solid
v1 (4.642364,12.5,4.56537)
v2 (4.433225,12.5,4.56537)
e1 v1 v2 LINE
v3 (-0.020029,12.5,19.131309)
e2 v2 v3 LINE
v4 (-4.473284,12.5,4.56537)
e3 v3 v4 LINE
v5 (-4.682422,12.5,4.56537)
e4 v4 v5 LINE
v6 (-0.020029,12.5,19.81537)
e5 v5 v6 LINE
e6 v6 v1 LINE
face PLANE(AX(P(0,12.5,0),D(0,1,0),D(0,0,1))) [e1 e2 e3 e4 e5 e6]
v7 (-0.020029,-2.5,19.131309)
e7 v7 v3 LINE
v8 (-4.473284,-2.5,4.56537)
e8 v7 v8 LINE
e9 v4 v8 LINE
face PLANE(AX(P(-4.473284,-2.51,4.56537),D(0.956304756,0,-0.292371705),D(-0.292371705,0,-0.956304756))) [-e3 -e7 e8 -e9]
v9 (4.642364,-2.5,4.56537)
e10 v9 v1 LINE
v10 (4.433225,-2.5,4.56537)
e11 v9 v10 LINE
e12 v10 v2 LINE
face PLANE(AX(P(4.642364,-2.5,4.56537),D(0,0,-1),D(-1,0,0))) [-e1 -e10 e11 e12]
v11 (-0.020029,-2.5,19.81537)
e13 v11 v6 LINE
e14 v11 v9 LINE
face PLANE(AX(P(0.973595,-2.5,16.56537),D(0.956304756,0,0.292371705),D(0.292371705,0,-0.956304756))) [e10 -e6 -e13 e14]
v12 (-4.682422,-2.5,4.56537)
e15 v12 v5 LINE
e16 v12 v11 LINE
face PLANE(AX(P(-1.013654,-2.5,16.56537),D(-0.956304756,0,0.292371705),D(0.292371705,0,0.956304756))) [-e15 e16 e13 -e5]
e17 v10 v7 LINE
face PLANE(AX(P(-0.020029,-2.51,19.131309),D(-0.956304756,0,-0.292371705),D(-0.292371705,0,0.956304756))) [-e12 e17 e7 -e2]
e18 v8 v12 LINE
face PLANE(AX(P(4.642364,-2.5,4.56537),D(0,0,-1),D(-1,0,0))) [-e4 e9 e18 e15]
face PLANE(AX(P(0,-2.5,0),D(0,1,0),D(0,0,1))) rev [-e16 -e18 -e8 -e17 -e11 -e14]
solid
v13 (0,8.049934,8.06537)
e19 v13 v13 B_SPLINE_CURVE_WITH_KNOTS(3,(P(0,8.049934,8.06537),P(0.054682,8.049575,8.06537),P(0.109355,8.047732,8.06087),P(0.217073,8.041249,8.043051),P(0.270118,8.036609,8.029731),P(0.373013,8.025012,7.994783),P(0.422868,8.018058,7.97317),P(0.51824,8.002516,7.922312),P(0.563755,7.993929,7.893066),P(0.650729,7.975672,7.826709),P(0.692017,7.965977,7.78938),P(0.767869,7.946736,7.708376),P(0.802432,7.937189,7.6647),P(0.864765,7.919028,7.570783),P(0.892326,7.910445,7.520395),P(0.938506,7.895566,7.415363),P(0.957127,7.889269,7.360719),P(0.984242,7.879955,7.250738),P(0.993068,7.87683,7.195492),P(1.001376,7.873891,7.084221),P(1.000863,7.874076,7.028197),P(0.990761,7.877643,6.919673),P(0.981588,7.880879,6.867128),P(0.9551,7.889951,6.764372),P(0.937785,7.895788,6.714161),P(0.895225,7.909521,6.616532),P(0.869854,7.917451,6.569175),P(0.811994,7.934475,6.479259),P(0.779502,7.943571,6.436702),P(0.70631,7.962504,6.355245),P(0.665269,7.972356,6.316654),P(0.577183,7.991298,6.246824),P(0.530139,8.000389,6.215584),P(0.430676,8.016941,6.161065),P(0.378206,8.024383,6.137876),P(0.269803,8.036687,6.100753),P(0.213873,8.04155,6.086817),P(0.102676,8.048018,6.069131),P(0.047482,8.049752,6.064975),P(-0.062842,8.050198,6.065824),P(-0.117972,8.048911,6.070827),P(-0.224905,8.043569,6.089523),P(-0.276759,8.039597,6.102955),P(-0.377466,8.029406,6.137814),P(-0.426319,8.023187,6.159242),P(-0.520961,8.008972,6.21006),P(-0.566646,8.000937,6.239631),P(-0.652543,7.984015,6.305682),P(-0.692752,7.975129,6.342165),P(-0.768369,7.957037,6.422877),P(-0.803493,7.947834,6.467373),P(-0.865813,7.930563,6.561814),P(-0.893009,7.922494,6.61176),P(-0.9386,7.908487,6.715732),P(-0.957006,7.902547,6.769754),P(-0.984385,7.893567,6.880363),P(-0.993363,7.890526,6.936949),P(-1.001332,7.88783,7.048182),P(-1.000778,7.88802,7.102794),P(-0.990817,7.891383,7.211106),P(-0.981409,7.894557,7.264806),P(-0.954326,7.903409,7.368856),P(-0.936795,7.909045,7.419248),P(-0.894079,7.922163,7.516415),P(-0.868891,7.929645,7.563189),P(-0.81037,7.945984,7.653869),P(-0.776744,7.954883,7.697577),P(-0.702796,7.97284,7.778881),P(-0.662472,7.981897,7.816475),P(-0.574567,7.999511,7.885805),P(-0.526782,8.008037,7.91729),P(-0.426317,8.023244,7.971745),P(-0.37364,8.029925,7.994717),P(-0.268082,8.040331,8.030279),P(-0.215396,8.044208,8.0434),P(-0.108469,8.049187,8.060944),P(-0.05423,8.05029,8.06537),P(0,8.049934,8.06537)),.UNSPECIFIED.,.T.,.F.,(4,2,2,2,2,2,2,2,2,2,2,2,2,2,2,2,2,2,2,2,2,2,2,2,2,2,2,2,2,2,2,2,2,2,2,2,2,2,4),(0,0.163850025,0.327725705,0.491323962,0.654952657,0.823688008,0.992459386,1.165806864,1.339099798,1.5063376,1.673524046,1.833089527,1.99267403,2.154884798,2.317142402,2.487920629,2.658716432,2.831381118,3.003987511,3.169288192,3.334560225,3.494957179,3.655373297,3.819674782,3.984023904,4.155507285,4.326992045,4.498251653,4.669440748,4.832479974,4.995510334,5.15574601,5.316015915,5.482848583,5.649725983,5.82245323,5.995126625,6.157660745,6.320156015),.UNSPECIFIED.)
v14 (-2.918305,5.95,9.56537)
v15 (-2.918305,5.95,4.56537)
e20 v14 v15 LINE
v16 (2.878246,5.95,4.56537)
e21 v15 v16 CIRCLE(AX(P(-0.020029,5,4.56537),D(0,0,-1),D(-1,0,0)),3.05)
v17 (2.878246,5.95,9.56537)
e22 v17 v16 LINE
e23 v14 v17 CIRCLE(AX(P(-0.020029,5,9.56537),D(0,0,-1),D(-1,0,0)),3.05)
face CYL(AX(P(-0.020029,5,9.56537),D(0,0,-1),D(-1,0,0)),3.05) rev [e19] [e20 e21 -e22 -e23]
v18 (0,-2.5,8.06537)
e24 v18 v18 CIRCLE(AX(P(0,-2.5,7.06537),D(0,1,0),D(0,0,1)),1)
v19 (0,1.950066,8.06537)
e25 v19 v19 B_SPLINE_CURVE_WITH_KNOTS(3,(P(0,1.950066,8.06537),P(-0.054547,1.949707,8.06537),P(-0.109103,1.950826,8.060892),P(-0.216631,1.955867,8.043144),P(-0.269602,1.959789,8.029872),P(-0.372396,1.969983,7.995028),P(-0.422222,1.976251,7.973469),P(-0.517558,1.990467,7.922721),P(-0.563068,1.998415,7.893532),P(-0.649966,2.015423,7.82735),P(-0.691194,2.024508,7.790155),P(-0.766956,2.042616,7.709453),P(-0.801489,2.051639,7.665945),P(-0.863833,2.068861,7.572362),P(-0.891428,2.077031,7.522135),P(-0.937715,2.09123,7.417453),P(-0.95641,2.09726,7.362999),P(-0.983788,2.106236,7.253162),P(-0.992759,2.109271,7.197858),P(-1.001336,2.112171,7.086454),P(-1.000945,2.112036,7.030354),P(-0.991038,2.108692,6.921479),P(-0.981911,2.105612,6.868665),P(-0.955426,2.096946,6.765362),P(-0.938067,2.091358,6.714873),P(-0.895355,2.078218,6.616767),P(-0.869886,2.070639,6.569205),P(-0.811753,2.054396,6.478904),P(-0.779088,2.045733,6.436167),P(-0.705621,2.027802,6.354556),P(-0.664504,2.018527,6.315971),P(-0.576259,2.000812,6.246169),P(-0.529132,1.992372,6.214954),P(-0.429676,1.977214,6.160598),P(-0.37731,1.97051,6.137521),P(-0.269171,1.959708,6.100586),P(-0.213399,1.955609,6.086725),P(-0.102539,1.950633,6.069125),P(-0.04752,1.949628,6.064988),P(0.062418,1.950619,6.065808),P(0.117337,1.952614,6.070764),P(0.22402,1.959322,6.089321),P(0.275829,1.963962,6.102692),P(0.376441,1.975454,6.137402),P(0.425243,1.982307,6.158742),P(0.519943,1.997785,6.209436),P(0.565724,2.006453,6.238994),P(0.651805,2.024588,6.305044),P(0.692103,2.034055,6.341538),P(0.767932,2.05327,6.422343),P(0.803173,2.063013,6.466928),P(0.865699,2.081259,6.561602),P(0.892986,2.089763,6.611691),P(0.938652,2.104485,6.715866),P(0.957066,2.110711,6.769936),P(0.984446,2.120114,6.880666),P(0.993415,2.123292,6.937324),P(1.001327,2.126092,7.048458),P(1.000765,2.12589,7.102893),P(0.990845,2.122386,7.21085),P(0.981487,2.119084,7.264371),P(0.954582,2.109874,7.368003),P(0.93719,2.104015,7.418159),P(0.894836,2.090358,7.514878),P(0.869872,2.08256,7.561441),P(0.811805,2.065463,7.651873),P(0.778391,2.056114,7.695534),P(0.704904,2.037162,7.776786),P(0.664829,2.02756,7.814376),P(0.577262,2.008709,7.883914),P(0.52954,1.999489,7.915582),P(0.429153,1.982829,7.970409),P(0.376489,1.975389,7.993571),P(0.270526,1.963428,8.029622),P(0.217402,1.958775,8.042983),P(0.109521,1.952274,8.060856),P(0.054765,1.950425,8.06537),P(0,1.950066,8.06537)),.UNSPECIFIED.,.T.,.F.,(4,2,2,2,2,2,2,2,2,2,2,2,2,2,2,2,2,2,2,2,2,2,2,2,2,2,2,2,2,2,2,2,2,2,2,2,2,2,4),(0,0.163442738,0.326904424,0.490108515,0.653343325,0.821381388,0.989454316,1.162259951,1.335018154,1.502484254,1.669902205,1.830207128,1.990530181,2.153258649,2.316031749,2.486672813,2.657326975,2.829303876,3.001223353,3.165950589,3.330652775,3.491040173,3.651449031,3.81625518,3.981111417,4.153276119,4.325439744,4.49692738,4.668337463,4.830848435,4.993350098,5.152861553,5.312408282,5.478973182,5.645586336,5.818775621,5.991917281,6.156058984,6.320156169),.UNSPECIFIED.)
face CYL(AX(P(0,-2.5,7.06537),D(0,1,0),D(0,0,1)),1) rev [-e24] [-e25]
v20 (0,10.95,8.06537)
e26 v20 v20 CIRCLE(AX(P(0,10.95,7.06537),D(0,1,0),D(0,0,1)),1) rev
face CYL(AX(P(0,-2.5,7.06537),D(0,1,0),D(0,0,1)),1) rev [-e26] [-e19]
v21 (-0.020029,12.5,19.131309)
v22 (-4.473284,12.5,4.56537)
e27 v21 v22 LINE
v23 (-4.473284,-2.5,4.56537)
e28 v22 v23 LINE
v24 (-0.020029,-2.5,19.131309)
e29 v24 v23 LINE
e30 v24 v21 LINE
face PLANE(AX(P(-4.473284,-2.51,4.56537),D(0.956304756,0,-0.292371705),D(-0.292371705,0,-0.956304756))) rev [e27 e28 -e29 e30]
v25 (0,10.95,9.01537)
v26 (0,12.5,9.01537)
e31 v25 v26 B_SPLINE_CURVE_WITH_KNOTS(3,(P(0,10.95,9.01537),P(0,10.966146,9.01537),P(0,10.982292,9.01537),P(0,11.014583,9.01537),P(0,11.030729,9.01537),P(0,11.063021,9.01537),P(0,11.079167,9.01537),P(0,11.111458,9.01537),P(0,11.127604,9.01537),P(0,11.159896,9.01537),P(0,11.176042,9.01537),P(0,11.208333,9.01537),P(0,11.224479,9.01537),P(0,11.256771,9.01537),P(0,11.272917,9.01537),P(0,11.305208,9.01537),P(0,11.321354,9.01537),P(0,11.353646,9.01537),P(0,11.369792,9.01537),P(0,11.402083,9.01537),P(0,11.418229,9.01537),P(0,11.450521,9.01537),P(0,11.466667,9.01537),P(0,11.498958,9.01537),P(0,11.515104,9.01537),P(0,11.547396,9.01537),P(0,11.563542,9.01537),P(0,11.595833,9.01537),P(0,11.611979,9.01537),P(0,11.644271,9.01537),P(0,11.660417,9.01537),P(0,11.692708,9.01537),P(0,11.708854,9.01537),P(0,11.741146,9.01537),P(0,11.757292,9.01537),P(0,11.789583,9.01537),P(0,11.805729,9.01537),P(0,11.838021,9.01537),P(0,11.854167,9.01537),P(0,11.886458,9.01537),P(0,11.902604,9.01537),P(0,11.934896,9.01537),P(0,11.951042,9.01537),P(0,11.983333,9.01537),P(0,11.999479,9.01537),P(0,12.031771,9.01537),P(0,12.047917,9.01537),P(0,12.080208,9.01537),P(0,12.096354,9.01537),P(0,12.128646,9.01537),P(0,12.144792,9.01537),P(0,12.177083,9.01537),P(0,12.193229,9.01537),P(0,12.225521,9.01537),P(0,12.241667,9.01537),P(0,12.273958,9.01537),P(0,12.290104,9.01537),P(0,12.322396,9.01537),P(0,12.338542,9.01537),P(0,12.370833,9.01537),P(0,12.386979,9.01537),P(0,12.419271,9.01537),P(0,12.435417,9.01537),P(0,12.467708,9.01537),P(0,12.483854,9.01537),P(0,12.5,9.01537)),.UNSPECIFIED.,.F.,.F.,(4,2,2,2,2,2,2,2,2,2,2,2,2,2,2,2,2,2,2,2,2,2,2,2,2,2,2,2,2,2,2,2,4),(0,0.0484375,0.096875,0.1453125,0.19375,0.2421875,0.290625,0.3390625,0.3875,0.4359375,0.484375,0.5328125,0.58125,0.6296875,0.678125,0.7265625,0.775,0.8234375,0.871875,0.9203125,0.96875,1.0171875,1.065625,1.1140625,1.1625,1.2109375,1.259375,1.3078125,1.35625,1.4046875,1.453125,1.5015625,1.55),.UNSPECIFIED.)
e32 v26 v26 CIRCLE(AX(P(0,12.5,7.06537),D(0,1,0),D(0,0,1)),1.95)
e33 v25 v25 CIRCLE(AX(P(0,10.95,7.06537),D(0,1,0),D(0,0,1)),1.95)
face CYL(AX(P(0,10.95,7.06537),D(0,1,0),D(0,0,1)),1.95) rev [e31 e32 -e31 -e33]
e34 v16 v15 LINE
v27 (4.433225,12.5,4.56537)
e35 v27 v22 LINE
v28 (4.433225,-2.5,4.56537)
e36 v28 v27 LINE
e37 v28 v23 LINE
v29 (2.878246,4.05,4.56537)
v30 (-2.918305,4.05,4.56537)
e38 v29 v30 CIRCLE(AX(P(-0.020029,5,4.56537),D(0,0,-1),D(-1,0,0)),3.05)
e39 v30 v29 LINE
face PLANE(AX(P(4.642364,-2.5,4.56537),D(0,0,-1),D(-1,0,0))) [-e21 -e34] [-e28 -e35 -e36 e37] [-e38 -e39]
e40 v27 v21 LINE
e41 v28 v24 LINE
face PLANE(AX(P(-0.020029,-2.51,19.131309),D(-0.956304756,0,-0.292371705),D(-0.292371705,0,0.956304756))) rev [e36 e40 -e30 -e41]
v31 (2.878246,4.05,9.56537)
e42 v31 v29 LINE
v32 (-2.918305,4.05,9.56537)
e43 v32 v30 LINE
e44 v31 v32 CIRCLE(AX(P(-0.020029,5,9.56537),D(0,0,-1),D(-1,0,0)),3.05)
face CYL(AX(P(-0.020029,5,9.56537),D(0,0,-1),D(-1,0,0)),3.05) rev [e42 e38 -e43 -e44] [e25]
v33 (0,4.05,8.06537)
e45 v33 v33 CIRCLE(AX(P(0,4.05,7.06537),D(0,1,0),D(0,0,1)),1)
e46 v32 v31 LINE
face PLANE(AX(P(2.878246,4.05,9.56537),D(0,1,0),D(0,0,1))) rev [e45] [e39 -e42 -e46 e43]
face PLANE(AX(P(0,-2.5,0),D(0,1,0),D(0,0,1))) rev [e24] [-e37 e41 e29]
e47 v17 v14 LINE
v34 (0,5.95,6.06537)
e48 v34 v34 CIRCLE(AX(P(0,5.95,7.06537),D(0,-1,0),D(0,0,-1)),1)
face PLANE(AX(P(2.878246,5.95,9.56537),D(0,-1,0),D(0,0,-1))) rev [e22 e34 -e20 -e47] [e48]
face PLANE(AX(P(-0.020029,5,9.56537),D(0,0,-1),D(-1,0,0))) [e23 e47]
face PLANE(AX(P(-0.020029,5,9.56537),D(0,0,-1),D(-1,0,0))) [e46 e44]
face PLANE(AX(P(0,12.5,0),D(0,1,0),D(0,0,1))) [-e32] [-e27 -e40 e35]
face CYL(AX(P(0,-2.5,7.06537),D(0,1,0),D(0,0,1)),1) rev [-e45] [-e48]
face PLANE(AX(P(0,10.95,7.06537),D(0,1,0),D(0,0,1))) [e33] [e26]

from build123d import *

# Parameters (mm, degrees)
BOSS_EXTRUDE1_DEPTH      = 12.5
BOSS_EXTRUDE1_DEPTH_BACK = 2.5
CUT_EXTRUDE1_DEPTH       = 5
SKETCH5_R                = 1
CUT_EXTRUDE2_DEPTH       = 22.965235397
CUT_EXTRUDE2_DEPTH_BACK  = 22.965235397
SKETCH6_R                = 1.95
CUT_EXTRUDE3_DEPTH       = 1.55
SPLIT2_SURFACE_1_BACK    = 24.335
SPLIT2_SURFACE_1_DEPTH   = 48.67
SPLIT2_SURFACE_2_BACK    = 24.335
SPLIT2_SURFACE_2_DEPTH   = 48.67


with BuildPart() as part:
    # Sketch1 → Boss-Extrude1 (new, two sides)
    with BuildSketch(Plane(origin=(0, 0, 0), x_dir=(1, 0, 0), z_dir=(0, 1, 0))) as boss_extrude1_sk:
        Polygon((4.642363604, -4.565370009), (-4.68242218, -4.565370009), (-1.013654003, -16.565370009), (-0.020029288, -19.815370009), (0.973595427, -16.565370009), align=None)
    extrude(amount=BOSS_EXTRUDE1_DEPTH)
    extrude(boss_extrude1_sk.sketch, amount=-BOSS_EXTRUDE1_DEPTH_BACK)

    # Sketch2 → Cut-Extrude1 (cut)
    with BuildSketch(Plane(origin=(0, 0, 4.565370009), x_dir=(-1, 0, 0), z_dir=(0, 0, -1))):
        with BuildLine():
            Line((-2.878246061, 5.95), (2.918304637, 5.95))
            ThreePointArc((2.918304637, 5.95), (0.020029288, 8.05), (-2.878246061, 5.95))
        make_face()
        with BuildLine():
            Line((-2.878246061, 4.05), (2.918304637, 4.05))
            ThreePointArc((2.918304637, 4.05), (0.020029288, 1.95), (-2.878246061, 4.05))
        make_face()
    extrude(amount=-CUT_EXTRUDE1_DEPTH, mode=Mode.SUBTRACT)

    # Sketch5 → Cut-Extrude2 (cut, two sides)
    with BuildSketch(Plane(origin=(0, 5.74, 0), x_dir=(1, 0, 0), z_dir=(0, 1, 0))) as cut_extrude2_sk:
        with Locations(Location((0, -7.065370009, 0), (0, 0, 270))):
            Circle(SKETCH5_R)
    extrude(amount=CUT_EXTRUDE2_DEPTH, mode=Mode.SUBTRACT)
    extrude(cut_extrude2_sk.sketch, amount=-CUT_EXTRUDE2_DEPTH_BACK, mode=Mode.SUBTRACT)

    # Sketch6 → Cut-Extrude3 (cut)
    with BuildSketch(Plane(origin=(0, 12.5, 0), x_dir=(1, 0, 0), z_dir=(0, 1, 0))):
        with Locations(Location((0, -7.065370009, 0), (0, 0, 270))):
            Circle(SKETCH6_R)
    extrude(amount=-CUT_EXTRUDE3_DEPTH, mode=Mode.SUBTRACT)


with BuildPart() as body_2:
    # Split2: the piece behind the surface
    add(part.part)
    # Split2 surface: a surface, the sketch's curves swept straight by 48.67 mm
    with BuildLine(Plane(origin=(0, 12.5, 0), x_dir=(1, 0, 0), z_dir=(0, 1, 0)).offset(-SPLIT2_SURFACE_1_BACK), mode=Mode.PRIVATE) as split2_surface_1_path:
        Line((-4.68242218, -4.565370009), (-0.020029288, -19.815370009))
        Line((-0.020029288, -19.815370009), (4.642363604, -4.565370009))
        Line((4.642363604, -4.565370009), (4.433225253, -4.565370009))
        Line((4.433225253, -4.565370009), (-0.020029288, -19.131309285))
        Line((-0.020029288, -19.131309285), (-4.473283829, -4.565370009))
        Line((-4.473283829, -4.565370009), (-4.68242218, -4.565370009))
    split2_surface_1 = Shell.extrude(split2_surface_1_path.wire(), (0 * SPLIT2_SURFACE_1_DEPTH, 1 * SPLIT2_SURFACE_1_DEPTH, 0 * SPLIT2_SURFACE_1_DEPTH))
    split(bisect_by=split2_surface_1, keep=Keep.BOTTOM)


with BuildPart() as part_1:
    add(part.part)

    # Split2: split by a surface, the side it looks to stays
    # Split2 surface: a surface, the sketch's curves swept straight by 48.67 mm
    with BuildLine(Plane(origin=(0, 12.5, 0), x_dir=(1, 0, 0), z_dir=(0, 1, 0)).offset(-SPLIT2_SURFACE_2_BACK), mode=Mode.PRIVATE) as split2_surface_2_path:
        Line((-4.68242218, -4.565370009), (-0.020029288, -19.815370009))
        Line((-0.020029288, -19.815370009), (4.642363604, -4.565370009))
        Line((4.642363604, -4.565370009), (4.433225253, -4.565370009))
        Line((4.433225253, -4.565370009), (-0.020029288, -19.131309285))
        Line((-0.020029288, -19.131309285), (-4.473283829, -4.565370009))
        Line((-4.473283829, -4.565370009), (-4.68242218, -4.565370009))
    split2_surface_2 = Shell.extrude(split2_surface_2_path.wire(), (0 * SPLIT2_SURFACE_2_DEPTH, 1 * SPLIT2_SURFACE_2_DEPTH, 0 * SPLIT2_SURFACE_2_DEPTH))
    split(bisect_by=split2_surface_2, keep=Keep.TOP)


solid = Compound([body_2.part, part_1.part])
